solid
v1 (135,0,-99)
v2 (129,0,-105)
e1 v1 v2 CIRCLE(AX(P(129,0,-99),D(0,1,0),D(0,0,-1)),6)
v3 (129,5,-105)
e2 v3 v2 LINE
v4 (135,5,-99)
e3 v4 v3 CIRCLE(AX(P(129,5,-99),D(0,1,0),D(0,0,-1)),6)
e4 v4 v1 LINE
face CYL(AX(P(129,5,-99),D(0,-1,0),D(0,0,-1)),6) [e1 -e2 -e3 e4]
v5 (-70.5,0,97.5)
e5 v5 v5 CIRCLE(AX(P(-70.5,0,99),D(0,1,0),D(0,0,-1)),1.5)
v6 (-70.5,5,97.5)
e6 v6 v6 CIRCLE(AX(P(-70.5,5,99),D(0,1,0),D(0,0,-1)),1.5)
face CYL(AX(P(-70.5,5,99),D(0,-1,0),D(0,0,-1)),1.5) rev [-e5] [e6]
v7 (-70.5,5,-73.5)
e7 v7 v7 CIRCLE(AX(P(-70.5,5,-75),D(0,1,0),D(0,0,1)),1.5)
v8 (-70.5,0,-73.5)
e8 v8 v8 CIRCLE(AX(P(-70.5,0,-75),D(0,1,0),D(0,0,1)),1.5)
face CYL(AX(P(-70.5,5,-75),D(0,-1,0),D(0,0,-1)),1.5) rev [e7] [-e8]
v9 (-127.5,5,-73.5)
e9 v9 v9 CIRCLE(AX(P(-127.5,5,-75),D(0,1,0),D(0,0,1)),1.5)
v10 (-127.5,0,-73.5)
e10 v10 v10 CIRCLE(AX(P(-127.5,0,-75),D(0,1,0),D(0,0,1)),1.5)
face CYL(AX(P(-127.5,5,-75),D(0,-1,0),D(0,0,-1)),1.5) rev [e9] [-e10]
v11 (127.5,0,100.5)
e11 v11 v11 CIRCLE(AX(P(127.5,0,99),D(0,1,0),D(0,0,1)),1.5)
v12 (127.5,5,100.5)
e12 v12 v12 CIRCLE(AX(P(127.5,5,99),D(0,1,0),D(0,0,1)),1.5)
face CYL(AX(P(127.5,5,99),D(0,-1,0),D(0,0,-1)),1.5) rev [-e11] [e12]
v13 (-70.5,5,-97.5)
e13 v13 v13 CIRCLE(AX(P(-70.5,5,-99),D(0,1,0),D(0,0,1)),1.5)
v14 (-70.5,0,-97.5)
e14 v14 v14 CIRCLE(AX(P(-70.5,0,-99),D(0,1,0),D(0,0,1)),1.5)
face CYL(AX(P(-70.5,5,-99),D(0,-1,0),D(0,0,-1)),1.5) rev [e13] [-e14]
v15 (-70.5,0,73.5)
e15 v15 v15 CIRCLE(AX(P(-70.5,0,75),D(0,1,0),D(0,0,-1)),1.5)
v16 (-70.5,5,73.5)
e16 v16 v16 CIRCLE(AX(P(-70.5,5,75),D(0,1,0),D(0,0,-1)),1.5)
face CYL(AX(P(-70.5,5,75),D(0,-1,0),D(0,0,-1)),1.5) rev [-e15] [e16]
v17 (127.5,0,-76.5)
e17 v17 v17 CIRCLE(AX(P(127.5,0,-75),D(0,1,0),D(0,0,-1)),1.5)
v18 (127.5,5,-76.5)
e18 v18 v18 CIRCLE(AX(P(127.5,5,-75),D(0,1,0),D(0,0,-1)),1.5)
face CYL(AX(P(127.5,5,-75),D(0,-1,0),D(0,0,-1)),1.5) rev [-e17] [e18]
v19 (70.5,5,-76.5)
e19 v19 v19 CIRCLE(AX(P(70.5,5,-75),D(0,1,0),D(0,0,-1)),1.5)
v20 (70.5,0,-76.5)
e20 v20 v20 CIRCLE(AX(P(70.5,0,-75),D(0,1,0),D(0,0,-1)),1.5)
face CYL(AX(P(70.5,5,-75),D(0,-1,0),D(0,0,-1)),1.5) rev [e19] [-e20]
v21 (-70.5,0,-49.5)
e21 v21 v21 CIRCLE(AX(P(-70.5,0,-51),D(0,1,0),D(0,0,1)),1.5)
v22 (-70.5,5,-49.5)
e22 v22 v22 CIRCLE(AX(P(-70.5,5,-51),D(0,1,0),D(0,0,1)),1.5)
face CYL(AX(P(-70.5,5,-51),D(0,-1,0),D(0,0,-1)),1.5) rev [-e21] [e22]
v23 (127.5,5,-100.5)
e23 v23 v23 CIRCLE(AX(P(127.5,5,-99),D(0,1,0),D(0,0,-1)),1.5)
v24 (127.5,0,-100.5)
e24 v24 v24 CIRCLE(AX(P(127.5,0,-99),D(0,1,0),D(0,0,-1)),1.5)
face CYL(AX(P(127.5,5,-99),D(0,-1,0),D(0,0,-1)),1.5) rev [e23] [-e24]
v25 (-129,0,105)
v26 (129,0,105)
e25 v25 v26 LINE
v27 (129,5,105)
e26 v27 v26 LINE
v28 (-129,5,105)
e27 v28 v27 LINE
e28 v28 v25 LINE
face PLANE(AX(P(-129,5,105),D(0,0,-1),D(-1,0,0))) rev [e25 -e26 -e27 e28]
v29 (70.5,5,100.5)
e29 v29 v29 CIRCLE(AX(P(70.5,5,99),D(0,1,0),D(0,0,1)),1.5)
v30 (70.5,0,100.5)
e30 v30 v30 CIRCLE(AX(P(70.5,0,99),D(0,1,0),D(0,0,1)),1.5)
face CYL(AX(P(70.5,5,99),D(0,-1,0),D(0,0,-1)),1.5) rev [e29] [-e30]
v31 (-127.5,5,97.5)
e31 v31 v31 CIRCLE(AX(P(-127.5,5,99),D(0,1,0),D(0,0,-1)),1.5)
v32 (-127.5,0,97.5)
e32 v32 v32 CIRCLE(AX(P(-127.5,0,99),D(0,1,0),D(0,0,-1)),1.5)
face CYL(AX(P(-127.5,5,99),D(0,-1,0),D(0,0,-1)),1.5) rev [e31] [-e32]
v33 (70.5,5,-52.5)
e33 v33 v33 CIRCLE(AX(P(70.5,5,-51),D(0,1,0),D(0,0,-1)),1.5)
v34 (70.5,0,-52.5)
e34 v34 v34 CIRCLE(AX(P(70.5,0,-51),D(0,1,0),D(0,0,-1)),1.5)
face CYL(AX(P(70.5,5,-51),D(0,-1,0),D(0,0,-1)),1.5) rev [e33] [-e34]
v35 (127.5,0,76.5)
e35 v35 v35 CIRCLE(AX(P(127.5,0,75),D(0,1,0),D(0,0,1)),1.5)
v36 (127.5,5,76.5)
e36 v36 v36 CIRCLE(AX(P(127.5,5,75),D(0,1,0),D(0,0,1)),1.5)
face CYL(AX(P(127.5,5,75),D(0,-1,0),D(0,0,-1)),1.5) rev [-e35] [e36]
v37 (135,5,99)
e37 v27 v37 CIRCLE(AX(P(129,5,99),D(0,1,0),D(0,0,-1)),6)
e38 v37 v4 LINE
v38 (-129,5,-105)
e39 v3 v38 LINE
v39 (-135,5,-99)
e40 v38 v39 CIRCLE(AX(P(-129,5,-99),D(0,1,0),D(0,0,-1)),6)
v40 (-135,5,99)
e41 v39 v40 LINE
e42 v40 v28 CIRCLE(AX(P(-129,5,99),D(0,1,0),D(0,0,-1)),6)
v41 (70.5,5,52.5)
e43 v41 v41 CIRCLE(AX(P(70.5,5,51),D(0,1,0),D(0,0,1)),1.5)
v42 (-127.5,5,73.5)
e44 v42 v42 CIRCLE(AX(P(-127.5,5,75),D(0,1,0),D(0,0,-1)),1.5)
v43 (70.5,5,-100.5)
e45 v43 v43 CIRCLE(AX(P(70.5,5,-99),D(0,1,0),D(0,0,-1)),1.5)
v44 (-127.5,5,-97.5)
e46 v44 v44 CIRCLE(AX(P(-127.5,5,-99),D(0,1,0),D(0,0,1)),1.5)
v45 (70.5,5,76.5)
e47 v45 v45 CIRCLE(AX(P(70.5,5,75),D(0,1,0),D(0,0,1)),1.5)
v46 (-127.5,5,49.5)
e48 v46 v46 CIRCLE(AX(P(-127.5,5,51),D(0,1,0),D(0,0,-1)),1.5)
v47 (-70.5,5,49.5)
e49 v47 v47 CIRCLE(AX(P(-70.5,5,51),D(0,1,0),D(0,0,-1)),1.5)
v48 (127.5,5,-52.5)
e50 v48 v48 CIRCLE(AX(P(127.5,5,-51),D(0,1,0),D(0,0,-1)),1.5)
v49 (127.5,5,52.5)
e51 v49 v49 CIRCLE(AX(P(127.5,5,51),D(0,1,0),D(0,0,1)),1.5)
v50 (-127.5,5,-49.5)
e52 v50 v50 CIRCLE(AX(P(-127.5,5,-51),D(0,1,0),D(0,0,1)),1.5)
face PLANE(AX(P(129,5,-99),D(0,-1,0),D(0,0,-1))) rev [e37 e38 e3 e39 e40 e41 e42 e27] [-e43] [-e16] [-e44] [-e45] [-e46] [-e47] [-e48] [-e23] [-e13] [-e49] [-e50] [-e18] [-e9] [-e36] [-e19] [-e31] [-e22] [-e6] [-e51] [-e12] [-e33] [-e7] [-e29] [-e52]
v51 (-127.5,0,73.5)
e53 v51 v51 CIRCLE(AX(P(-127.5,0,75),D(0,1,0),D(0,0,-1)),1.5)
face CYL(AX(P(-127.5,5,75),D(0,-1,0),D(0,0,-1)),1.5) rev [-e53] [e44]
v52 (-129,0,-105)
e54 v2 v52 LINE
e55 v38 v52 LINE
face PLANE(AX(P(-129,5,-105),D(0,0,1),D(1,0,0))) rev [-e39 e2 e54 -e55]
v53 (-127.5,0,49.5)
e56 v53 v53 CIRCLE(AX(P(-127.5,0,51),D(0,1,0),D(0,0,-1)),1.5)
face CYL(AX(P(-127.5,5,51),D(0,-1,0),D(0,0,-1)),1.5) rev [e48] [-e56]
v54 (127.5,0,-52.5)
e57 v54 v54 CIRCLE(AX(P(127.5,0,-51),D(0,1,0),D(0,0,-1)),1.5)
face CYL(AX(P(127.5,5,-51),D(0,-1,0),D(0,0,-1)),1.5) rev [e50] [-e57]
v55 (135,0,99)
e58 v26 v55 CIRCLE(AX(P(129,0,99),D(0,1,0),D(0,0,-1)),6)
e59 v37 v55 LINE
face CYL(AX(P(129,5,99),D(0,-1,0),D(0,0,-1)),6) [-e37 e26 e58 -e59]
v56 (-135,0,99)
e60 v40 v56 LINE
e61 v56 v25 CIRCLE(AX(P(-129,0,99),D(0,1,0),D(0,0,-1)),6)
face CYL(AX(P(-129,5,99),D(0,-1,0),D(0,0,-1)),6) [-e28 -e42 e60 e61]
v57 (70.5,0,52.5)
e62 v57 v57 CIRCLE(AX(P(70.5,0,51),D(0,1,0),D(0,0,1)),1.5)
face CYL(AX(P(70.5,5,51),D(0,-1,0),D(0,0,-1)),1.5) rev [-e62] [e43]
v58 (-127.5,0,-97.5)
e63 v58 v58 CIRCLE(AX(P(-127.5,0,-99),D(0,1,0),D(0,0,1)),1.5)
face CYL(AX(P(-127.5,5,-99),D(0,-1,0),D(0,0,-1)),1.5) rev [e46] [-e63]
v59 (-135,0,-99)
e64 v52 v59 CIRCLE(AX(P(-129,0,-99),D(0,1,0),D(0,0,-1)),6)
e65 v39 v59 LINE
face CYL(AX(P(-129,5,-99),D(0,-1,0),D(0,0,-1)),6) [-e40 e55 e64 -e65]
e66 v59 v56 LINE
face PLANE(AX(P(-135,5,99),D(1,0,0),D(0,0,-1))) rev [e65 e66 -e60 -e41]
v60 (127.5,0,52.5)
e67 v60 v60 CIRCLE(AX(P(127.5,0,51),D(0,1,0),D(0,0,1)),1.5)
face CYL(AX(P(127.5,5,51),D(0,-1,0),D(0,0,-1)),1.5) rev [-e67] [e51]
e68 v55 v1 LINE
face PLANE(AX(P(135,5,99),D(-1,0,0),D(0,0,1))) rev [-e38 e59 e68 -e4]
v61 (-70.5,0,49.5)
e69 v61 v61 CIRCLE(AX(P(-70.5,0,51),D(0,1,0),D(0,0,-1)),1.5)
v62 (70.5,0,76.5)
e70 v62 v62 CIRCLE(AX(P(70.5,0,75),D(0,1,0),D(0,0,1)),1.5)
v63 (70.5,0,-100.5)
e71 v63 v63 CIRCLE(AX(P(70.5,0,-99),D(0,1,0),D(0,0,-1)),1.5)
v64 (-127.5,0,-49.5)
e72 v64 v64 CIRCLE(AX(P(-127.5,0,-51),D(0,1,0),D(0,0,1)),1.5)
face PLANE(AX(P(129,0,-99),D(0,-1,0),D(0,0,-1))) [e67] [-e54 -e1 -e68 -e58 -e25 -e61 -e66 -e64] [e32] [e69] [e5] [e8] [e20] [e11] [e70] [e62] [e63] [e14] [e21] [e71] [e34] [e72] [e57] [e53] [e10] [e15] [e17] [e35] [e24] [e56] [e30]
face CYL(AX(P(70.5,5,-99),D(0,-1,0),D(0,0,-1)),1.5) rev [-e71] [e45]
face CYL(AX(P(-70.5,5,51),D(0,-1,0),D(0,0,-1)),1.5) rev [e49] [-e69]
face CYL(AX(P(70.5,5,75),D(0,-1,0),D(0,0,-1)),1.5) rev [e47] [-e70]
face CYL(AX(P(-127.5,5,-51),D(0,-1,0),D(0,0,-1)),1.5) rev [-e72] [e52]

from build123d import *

# Parameters (mm, degrees)
SKETCH1_R           = 1.5
BOSS_EXTRUDE1_DEPTH = 5


with BuildPart() as part:
    # Sketch1 → Boss-Extrude1 (new body)
    with BuildSketch(Plane(origin=(0, 0, 0), x_dir=(1, 0, 0), z_dir=(0, 1, 0))):
        with BuildLine():
            Line((-129, -105), (129, -105))
            ThreePointArc((129, -105), (133.242640687, -103.242640687), (135, -99))
            Line((135, -99), (135, 99))
            ThreePointArc((135, 99), (133.242640687, 103.242640687), (129, 105))
            Line((129, 105), (-129, 105))
            ThreePointArc((-129, 105), (-133.242640687, 103.242640687), (-135, 99))
            Line((-135, 99), (-135, -99))
            ThreePointArc((-135, -99), (-133.242640687, -103.242640687), (-129, -105))
        make_face()
        with Locations(Location((-127.5, 99, 0), (0, 0, 270))):
            Circle(SKETCH1_R, mode=Mode.SUBTRACT)
        with Locations(Location((-127.5, 75, 0), (0, 0, 270))):
            Circle(SKETCH1_R, mode=Mode.SUBTRACT)
        with Locations(Location((-127.5, 51, 0), (0, 0, 270))):
            Circle(SKETCH1_R, mode=Mode.SUBTRACT)
        with Locations(Location((-70.5, 99, 0), (0, 0, 270))):
            Circle(SKETCH1_R, mode=Mode.SUBTRACT)
        with Locations(Location((-70.5, 75, 0), (0, 0, 270))):
            Circle(SKETCH1_R, mode=Mode.SUBTRACT)
        with Locations(Location((-70.5, 51, 0), (0, 0, 270))):
            Circle(SKETCH1_R, mode=Mode.SUBTRACT)
        with Locations(Location((70.5, 51, 0), (0, 0, 90))):
            Circle(SKETCH1_R, mode=Mode.SUBTRACT)
        with Locations(Location((70.5, 75, 0), (0, 0, 90))):
            Circle(SKETCH1_R, mode=Mode.SUBTRACT)
        with Locations(Location((70.5, 99, 0), (0, 0, 90))):
            Circle(SKETCH1_R, mode=Mode.SUBTRACT)
        with Locations(Location((127.5, 51, 0), (0, 0, 90))):
            Circle(SKETCH1_R, mode=Mode.SUBTRACT)
        with Locations(Location((127.5, 75, 0), (0, 0, 90))):
            Circle(SKETCH1_R, mode=Mode.SUBTRACT)
        with Locations(Location((127.5, 99, 0), (0, 0, 90))):
            Circle(SKETCH1_R, mode=Mode.SUBTRACT)
        with Locations(Location((127.5, -99, 0), (0, 0, 270))):
            Circle(SKETCH1_R, mode=Mode.SUBTRACT)
        with Locations(Location((127.5, -75, 0), (0, 0, 270))):
            Circle(SKETCH1_R, mode=Mode.SUBTRACT)
        with Locations(Location((127.5, -51, 0), (0, 0, 270))):
            Circle(SKETCH1_R, mode=Mode.SUBTRACT)
        with Locations(Location((70.5, -99, 0), (0, 0, 270))):
            Circle(SKETCH1_R, mode=Mode.SUBTRACT)
        with Locations(Location((70.5, -75, 0), (0, 0, 270))):
            Circle(SKETCH1_R, mode=Mode.SUBTRACT)
        with Locations(Location((70.5, -51, 0), (0, 0, 270))):
            Circle(SKETCH1_R, mode=Mode.SUBTRACT)
        with Locations(Location((-70.5, -51, 0), (0, 0, 90))):
            Circle(SKETCH1_R, mode=Mode.SUBTRACT)
        with Locations(Location((-70.5, -75, 0), (0, 0, 90))):
            Circle(SKETCH1_R, mode=Mode.SUBTRACT)
        with Locations(Location((-70.5, -99, 0), (0, 0, 90))):
            Circle(SKETCH1_R, mode=Mode.SUBTRACT)
        with Locations(Location((-127.5, -51, 0), (0, 0, 90))):
            Circle(SKETCH1_R, mode=Mode.SUBTRACT)
        with Locations(Location((-127.5, -75, 0), (0, 0, 90))):
            Circle(SKETCH1_R, mode=Mode.SUBTRACT)
        with Locations(Location((-127.5, -99, 0), (0, 0, 90))):
            Circle(SKETCH1_R, mode=Mode.SUBTRACT)
    extrude(amount=BOSS_EXTRUDE1_DEPTH)


solid = part.part
